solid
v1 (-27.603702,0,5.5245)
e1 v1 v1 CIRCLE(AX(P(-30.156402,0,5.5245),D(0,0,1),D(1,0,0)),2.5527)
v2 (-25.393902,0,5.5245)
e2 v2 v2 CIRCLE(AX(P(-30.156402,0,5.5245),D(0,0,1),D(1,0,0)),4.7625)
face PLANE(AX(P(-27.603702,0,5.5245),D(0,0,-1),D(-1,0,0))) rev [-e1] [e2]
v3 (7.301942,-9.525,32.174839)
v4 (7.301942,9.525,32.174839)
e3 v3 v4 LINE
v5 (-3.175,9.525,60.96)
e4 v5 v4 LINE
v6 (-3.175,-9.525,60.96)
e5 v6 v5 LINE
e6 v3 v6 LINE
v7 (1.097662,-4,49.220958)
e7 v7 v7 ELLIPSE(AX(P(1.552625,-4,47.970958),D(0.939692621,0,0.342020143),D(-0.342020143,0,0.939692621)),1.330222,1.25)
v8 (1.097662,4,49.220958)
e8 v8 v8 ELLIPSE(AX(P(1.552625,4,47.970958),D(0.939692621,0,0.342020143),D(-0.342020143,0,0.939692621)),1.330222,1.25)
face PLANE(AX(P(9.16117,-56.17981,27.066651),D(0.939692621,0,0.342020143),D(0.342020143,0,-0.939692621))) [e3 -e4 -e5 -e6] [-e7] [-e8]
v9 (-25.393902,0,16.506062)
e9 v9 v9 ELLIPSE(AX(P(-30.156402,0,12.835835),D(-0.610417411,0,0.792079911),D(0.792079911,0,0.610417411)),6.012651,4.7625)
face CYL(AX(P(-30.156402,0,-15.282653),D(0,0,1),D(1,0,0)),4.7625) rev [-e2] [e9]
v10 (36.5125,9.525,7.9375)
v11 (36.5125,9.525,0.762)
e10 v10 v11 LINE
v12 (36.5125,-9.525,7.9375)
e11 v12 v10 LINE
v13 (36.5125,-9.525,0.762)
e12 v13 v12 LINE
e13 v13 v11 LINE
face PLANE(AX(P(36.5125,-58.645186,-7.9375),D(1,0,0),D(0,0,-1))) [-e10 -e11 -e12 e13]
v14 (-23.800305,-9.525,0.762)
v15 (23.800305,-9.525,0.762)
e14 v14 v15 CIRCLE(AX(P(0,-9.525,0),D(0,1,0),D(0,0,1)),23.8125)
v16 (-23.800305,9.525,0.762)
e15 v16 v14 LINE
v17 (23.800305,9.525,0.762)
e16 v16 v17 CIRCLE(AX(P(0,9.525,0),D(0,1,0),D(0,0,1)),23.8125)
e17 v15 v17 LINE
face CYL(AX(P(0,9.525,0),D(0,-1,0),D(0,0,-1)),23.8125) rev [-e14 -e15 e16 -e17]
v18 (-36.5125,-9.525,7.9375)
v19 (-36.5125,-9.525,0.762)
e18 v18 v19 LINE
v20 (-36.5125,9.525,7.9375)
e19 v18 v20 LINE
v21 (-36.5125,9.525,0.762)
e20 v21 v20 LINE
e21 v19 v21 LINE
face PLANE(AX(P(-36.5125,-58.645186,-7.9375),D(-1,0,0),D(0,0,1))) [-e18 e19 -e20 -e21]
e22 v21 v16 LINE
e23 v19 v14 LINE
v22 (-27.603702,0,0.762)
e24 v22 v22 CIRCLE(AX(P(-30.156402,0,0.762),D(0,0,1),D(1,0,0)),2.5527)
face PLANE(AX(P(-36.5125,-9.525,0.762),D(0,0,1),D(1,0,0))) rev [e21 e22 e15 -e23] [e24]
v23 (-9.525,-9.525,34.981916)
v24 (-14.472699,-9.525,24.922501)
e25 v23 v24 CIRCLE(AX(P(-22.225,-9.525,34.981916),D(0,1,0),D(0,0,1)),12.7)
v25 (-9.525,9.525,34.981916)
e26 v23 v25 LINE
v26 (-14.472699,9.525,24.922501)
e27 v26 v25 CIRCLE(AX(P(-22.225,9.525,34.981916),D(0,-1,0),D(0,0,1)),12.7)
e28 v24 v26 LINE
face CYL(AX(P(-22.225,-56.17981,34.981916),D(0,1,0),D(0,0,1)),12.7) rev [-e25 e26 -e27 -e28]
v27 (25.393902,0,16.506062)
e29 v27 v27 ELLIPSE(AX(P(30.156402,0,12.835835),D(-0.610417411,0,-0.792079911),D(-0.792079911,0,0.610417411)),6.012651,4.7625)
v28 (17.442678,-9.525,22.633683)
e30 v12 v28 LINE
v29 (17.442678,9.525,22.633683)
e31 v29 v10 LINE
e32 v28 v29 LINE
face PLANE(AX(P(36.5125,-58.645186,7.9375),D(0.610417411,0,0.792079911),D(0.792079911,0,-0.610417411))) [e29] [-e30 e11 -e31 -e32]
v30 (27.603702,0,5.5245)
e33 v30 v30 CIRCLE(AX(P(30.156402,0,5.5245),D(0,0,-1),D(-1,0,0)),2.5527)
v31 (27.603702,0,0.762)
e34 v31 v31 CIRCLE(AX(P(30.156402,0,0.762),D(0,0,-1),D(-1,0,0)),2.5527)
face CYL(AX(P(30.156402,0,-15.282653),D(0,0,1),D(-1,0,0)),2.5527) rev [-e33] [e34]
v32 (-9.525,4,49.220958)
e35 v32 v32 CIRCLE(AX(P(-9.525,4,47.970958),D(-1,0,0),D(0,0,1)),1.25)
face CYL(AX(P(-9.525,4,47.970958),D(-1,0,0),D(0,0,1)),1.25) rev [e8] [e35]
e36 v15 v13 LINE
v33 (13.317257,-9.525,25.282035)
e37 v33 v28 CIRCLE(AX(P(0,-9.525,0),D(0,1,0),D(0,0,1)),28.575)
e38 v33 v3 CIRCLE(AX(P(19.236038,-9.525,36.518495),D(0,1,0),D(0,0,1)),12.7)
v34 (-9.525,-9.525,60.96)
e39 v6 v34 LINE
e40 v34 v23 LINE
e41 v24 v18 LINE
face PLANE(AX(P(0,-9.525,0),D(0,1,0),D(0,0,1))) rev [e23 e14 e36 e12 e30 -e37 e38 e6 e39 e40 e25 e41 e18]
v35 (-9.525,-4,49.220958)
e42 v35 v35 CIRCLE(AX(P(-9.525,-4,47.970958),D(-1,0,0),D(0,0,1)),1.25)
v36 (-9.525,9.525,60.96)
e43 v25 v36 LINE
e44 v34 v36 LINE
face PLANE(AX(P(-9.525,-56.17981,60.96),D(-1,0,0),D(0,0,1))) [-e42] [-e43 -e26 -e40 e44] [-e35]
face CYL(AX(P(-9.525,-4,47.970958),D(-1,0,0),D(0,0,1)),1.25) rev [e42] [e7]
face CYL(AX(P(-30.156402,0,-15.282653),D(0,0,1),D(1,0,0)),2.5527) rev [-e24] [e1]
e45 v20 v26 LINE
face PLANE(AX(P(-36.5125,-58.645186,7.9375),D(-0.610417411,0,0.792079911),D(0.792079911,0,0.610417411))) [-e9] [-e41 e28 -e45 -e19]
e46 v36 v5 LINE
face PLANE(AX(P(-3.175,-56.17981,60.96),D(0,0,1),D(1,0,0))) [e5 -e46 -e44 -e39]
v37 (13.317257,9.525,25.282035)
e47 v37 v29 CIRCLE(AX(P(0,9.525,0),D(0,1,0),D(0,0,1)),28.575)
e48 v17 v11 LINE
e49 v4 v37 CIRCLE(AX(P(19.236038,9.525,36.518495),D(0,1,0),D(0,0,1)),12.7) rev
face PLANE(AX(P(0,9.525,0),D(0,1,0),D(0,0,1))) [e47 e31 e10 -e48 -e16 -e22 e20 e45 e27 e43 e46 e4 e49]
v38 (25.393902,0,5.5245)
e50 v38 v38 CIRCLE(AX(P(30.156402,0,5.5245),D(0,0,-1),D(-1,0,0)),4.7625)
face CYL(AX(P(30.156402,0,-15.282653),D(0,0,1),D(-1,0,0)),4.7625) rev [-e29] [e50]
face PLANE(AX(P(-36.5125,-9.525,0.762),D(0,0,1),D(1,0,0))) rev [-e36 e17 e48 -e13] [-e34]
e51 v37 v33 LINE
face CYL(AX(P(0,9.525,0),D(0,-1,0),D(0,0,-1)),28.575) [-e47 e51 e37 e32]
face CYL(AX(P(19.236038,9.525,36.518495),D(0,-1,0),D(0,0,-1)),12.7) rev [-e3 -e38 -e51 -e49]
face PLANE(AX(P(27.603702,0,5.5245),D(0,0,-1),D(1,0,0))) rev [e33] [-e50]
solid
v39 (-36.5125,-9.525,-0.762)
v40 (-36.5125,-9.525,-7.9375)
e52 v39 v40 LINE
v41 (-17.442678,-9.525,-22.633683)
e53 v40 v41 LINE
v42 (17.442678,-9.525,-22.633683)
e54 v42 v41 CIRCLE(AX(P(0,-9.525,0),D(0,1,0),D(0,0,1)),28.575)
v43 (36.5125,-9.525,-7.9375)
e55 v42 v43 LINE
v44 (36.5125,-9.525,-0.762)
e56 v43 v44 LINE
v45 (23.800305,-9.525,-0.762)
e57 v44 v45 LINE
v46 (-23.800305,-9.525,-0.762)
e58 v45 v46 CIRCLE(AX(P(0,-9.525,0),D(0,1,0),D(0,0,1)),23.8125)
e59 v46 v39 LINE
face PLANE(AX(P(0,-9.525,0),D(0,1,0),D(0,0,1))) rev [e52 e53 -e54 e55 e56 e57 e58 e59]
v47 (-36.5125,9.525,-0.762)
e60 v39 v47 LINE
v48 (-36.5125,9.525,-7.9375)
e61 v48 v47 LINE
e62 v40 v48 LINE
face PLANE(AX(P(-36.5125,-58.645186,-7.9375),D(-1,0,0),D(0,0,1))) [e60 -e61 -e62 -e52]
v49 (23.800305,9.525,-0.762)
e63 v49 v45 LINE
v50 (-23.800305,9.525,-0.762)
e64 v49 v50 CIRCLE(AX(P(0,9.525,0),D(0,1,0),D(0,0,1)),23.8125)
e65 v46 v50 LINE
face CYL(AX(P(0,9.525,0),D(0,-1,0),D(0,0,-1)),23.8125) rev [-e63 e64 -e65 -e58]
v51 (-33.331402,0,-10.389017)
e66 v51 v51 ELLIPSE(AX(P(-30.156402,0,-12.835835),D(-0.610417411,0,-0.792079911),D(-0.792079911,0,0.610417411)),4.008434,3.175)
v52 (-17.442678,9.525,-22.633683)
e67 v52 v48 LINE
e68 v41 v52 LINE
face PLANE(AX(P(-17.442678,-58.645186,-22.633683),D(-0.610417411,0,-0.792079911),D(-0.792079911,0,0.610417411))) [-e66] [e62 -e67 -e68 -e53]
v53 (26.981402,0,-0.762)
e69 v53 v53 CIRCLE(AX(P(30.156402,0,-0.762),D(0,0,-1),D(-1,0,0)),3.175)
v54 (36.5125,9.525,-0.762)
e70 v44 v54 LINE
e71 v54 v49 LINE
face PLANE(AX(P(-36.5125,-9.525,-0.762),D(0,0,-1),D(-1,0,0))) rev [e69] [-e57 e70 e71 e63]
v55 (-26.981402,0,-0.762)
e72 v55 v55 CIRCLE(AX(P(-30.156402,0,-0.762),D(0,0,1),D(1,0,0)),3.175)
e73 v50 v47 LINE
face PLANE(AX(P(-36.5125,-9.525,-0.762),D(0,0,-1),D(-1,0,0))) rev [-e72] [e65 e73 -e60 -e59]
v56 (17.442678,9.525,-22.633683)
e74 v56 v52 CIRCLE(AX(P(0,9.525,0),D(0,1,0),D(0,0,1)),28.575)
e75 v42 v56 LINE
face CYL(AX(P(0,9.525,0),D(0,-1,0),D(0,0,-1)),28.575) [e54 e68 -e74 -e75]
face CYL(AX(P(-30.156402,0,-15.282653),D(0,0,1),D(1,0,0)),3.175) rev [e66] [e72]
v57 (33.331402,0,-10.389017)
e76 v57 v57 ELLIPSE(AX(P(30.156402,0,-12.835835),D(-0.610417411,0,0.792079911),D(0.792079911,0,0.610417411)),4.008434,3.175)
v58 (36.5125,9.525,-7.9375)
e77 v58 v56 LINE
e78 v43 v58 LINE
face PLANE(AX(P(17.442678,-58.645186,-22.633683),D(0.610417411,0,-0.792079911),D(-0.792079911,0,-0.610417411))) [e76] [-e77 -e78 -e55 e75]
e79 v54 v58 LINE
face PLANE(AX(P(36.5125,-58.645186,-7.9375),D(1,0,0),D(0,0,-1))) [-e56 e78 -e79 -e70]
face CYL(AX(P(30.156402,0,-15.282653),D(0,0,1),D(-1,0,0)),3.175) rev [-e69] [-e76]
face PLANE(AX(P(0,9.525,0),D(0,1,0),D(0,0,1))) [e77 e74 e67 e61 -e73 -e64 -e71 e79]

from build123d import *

# Parameters (mm, degrees)
SKETCH1_R               = 28.575
SKETCH1_R_2             = 23.8125
BOSS_EXTRUDE1_DEPTH     = 9.525
BOSS_EXTRUDE2_DEPTH     = 19.05
SKETCH3_W               = 73.025
SKETCH3_H               = 1.524
CUT_EXTRUDE1_DEPTH      = 1
CUT_EXTRUDE1_DEPTH_BACK = 20.05
BOSS_EXTRUDE3_DEPTH     = 19.05
M3X0_5_TAPPED_HOLE1_D   = 2.5
FILLET1_R               = 12.7


with BuildPart() as part:
    # Sketch1 → Boss-Extrude1 (new body, symmetric)
    with BuildSketch(Plane(origin=(0, 0, 0), x_dir=(1, 0, 0), z_dir=(0, 1, 0))):
        Circle(SKETCH1_R)
        Circle(SKETCH1_R_2, mode=Mode.SUBTRACT)
    extrude(amount=BOSS_EXTRUDE1_DEPTH, both=True)

    # Sketch2 → Boss-Extrude2 (add)
    with BuildSketch(Plane(origin=(0, 9.525, 0), x_dir=(1, 0, 0), z_dir=(0, 1, 0))):
        with BuildLine():
            Line((-17.442677512, 22.633683443), (-36.5125, 7.9375))
            Line((-36.5125, 7.9375), (-36.5125, -7.9375))
            Line((-36.5125, -7.9375), (-17.442677512, -22.633683443))
            ThreePointArc((-17.442677512, -22.633683443), (-28.575, 0), (-17.442677512, 22.633683443))
        make_face()
        with BuildLine():
            Line((36.5125, -7.9375), (17.442677512, -22.633683443))
            ThreePointArc((17.442677512, -22.633683443), (28.575, 0), (17.442677512, 22.633683443))
            Line((17.442677512, 22.633683443), (36.5125, 7.9375))
            Line((36.5125, 7.9375), (36.5125, -7.9375))
        make_face()
    extrude(amount=-BOSS_EXTRUDE2_DEPTH)

    # Sketch3 → Cut-Extrude1 (cut, two sides)
    with BuildSketch(Plane(origin=(0, 9.525, 0), x_dir=(1, 0, 0), z_dir=(0, 1, 0))) as cut_extrude1_sk:
        Rectangle(SKETCH3_W, SKETCH3_H)
    extrude(amount=CUT_EXTRUDE1_DEPTH, mode=Mode.SUBTRACT)
    extrude(cut_extrude1_sk.sketch, amount=-CUT_EXTRUDE1_DEPTH_BACK, mode=Mode.SUBTRACT)

    # Sketch4 → Cut-Revolve1 (revolve, cut)
    with BuildSketch(Plane(origin=(0, 0, 0), x_dir=(1, 0, 0), z_dir=(0, 1, 0))):
        Polygon((-27.603702439, -0.762), (-27.603702439, -5.5245), (-25.393902439, -5.5245), (-25.393902439, -16.506061637), (-30.156402439, -16.506061637), (-30.156402439, 15.282652702), (-26.981402439, 15.282652702), (-26.981402439, 0.762), align=None)
    cut_revolve1 = revolve(axis=Axis((-30.156402439, 0, -15.282652702), (0, 0, -1)), mode=Mode.SUBTRACT)

    # Mirror1: Cut-Revolve1 across plane
    add(cut_revolve1.mirror(Plane(origin=(0, 0, 0), x_dir=(0, 0, 1), z_dir=(1, 0, 0))), mode=Mode.SUBTRACT)

    # Sketch5 → Boss-Extrude3 (add)
    with BuildSketch(Plane(origin=(0, 9.525, 0), x_dir=(1, 0, 0), z_dir=(0, 1, 0))):
        with BuildLine():
            Line((9.161170255, -27.066650782), (-3.175, -60.96))
            Line((-3.175, -60.96), (-9.525, -60.96))
            Line((-9.525, -60.96), (-9.525, -34.981916191))
            ThreePointArc((-9.525, -34.981916191), (-10.828855385, -29.37675001), (-14.472698883, -24.922501327))
            Line((-14.472698883, -24.922501327), (-17.442677512, -22.633683443))
            ThreePointArc((-17.442677512, -22.633683443), (-4.696662695, -28.186379415), (9.161170255, -27.066650782))
        make_face()
    extrude(amount=-BOSS_EXTRUDE3_DEPTH)

    # M3x0.5 Tapped Hole1 (through all)
    with Locations(Plane(origin=(-9.525, 0, 0), x_dir=(0, 0, -1), z_dir=(-1, 0, 0))):
        with Locations((-47.970958095, -4), (-47.970958095, 4)):
            Hole(M3X0_5_TAPPED_HOLE1_D / 2)

    # Fillet1
    fillet1_edges = [part.edges().sort_by_distance(p)[0] for p in [
        (9.161170255, 0, 27.066650782),
    ]]
    fillet(fillet1_edges, radius=FILLET1_R)


solid = part.part
